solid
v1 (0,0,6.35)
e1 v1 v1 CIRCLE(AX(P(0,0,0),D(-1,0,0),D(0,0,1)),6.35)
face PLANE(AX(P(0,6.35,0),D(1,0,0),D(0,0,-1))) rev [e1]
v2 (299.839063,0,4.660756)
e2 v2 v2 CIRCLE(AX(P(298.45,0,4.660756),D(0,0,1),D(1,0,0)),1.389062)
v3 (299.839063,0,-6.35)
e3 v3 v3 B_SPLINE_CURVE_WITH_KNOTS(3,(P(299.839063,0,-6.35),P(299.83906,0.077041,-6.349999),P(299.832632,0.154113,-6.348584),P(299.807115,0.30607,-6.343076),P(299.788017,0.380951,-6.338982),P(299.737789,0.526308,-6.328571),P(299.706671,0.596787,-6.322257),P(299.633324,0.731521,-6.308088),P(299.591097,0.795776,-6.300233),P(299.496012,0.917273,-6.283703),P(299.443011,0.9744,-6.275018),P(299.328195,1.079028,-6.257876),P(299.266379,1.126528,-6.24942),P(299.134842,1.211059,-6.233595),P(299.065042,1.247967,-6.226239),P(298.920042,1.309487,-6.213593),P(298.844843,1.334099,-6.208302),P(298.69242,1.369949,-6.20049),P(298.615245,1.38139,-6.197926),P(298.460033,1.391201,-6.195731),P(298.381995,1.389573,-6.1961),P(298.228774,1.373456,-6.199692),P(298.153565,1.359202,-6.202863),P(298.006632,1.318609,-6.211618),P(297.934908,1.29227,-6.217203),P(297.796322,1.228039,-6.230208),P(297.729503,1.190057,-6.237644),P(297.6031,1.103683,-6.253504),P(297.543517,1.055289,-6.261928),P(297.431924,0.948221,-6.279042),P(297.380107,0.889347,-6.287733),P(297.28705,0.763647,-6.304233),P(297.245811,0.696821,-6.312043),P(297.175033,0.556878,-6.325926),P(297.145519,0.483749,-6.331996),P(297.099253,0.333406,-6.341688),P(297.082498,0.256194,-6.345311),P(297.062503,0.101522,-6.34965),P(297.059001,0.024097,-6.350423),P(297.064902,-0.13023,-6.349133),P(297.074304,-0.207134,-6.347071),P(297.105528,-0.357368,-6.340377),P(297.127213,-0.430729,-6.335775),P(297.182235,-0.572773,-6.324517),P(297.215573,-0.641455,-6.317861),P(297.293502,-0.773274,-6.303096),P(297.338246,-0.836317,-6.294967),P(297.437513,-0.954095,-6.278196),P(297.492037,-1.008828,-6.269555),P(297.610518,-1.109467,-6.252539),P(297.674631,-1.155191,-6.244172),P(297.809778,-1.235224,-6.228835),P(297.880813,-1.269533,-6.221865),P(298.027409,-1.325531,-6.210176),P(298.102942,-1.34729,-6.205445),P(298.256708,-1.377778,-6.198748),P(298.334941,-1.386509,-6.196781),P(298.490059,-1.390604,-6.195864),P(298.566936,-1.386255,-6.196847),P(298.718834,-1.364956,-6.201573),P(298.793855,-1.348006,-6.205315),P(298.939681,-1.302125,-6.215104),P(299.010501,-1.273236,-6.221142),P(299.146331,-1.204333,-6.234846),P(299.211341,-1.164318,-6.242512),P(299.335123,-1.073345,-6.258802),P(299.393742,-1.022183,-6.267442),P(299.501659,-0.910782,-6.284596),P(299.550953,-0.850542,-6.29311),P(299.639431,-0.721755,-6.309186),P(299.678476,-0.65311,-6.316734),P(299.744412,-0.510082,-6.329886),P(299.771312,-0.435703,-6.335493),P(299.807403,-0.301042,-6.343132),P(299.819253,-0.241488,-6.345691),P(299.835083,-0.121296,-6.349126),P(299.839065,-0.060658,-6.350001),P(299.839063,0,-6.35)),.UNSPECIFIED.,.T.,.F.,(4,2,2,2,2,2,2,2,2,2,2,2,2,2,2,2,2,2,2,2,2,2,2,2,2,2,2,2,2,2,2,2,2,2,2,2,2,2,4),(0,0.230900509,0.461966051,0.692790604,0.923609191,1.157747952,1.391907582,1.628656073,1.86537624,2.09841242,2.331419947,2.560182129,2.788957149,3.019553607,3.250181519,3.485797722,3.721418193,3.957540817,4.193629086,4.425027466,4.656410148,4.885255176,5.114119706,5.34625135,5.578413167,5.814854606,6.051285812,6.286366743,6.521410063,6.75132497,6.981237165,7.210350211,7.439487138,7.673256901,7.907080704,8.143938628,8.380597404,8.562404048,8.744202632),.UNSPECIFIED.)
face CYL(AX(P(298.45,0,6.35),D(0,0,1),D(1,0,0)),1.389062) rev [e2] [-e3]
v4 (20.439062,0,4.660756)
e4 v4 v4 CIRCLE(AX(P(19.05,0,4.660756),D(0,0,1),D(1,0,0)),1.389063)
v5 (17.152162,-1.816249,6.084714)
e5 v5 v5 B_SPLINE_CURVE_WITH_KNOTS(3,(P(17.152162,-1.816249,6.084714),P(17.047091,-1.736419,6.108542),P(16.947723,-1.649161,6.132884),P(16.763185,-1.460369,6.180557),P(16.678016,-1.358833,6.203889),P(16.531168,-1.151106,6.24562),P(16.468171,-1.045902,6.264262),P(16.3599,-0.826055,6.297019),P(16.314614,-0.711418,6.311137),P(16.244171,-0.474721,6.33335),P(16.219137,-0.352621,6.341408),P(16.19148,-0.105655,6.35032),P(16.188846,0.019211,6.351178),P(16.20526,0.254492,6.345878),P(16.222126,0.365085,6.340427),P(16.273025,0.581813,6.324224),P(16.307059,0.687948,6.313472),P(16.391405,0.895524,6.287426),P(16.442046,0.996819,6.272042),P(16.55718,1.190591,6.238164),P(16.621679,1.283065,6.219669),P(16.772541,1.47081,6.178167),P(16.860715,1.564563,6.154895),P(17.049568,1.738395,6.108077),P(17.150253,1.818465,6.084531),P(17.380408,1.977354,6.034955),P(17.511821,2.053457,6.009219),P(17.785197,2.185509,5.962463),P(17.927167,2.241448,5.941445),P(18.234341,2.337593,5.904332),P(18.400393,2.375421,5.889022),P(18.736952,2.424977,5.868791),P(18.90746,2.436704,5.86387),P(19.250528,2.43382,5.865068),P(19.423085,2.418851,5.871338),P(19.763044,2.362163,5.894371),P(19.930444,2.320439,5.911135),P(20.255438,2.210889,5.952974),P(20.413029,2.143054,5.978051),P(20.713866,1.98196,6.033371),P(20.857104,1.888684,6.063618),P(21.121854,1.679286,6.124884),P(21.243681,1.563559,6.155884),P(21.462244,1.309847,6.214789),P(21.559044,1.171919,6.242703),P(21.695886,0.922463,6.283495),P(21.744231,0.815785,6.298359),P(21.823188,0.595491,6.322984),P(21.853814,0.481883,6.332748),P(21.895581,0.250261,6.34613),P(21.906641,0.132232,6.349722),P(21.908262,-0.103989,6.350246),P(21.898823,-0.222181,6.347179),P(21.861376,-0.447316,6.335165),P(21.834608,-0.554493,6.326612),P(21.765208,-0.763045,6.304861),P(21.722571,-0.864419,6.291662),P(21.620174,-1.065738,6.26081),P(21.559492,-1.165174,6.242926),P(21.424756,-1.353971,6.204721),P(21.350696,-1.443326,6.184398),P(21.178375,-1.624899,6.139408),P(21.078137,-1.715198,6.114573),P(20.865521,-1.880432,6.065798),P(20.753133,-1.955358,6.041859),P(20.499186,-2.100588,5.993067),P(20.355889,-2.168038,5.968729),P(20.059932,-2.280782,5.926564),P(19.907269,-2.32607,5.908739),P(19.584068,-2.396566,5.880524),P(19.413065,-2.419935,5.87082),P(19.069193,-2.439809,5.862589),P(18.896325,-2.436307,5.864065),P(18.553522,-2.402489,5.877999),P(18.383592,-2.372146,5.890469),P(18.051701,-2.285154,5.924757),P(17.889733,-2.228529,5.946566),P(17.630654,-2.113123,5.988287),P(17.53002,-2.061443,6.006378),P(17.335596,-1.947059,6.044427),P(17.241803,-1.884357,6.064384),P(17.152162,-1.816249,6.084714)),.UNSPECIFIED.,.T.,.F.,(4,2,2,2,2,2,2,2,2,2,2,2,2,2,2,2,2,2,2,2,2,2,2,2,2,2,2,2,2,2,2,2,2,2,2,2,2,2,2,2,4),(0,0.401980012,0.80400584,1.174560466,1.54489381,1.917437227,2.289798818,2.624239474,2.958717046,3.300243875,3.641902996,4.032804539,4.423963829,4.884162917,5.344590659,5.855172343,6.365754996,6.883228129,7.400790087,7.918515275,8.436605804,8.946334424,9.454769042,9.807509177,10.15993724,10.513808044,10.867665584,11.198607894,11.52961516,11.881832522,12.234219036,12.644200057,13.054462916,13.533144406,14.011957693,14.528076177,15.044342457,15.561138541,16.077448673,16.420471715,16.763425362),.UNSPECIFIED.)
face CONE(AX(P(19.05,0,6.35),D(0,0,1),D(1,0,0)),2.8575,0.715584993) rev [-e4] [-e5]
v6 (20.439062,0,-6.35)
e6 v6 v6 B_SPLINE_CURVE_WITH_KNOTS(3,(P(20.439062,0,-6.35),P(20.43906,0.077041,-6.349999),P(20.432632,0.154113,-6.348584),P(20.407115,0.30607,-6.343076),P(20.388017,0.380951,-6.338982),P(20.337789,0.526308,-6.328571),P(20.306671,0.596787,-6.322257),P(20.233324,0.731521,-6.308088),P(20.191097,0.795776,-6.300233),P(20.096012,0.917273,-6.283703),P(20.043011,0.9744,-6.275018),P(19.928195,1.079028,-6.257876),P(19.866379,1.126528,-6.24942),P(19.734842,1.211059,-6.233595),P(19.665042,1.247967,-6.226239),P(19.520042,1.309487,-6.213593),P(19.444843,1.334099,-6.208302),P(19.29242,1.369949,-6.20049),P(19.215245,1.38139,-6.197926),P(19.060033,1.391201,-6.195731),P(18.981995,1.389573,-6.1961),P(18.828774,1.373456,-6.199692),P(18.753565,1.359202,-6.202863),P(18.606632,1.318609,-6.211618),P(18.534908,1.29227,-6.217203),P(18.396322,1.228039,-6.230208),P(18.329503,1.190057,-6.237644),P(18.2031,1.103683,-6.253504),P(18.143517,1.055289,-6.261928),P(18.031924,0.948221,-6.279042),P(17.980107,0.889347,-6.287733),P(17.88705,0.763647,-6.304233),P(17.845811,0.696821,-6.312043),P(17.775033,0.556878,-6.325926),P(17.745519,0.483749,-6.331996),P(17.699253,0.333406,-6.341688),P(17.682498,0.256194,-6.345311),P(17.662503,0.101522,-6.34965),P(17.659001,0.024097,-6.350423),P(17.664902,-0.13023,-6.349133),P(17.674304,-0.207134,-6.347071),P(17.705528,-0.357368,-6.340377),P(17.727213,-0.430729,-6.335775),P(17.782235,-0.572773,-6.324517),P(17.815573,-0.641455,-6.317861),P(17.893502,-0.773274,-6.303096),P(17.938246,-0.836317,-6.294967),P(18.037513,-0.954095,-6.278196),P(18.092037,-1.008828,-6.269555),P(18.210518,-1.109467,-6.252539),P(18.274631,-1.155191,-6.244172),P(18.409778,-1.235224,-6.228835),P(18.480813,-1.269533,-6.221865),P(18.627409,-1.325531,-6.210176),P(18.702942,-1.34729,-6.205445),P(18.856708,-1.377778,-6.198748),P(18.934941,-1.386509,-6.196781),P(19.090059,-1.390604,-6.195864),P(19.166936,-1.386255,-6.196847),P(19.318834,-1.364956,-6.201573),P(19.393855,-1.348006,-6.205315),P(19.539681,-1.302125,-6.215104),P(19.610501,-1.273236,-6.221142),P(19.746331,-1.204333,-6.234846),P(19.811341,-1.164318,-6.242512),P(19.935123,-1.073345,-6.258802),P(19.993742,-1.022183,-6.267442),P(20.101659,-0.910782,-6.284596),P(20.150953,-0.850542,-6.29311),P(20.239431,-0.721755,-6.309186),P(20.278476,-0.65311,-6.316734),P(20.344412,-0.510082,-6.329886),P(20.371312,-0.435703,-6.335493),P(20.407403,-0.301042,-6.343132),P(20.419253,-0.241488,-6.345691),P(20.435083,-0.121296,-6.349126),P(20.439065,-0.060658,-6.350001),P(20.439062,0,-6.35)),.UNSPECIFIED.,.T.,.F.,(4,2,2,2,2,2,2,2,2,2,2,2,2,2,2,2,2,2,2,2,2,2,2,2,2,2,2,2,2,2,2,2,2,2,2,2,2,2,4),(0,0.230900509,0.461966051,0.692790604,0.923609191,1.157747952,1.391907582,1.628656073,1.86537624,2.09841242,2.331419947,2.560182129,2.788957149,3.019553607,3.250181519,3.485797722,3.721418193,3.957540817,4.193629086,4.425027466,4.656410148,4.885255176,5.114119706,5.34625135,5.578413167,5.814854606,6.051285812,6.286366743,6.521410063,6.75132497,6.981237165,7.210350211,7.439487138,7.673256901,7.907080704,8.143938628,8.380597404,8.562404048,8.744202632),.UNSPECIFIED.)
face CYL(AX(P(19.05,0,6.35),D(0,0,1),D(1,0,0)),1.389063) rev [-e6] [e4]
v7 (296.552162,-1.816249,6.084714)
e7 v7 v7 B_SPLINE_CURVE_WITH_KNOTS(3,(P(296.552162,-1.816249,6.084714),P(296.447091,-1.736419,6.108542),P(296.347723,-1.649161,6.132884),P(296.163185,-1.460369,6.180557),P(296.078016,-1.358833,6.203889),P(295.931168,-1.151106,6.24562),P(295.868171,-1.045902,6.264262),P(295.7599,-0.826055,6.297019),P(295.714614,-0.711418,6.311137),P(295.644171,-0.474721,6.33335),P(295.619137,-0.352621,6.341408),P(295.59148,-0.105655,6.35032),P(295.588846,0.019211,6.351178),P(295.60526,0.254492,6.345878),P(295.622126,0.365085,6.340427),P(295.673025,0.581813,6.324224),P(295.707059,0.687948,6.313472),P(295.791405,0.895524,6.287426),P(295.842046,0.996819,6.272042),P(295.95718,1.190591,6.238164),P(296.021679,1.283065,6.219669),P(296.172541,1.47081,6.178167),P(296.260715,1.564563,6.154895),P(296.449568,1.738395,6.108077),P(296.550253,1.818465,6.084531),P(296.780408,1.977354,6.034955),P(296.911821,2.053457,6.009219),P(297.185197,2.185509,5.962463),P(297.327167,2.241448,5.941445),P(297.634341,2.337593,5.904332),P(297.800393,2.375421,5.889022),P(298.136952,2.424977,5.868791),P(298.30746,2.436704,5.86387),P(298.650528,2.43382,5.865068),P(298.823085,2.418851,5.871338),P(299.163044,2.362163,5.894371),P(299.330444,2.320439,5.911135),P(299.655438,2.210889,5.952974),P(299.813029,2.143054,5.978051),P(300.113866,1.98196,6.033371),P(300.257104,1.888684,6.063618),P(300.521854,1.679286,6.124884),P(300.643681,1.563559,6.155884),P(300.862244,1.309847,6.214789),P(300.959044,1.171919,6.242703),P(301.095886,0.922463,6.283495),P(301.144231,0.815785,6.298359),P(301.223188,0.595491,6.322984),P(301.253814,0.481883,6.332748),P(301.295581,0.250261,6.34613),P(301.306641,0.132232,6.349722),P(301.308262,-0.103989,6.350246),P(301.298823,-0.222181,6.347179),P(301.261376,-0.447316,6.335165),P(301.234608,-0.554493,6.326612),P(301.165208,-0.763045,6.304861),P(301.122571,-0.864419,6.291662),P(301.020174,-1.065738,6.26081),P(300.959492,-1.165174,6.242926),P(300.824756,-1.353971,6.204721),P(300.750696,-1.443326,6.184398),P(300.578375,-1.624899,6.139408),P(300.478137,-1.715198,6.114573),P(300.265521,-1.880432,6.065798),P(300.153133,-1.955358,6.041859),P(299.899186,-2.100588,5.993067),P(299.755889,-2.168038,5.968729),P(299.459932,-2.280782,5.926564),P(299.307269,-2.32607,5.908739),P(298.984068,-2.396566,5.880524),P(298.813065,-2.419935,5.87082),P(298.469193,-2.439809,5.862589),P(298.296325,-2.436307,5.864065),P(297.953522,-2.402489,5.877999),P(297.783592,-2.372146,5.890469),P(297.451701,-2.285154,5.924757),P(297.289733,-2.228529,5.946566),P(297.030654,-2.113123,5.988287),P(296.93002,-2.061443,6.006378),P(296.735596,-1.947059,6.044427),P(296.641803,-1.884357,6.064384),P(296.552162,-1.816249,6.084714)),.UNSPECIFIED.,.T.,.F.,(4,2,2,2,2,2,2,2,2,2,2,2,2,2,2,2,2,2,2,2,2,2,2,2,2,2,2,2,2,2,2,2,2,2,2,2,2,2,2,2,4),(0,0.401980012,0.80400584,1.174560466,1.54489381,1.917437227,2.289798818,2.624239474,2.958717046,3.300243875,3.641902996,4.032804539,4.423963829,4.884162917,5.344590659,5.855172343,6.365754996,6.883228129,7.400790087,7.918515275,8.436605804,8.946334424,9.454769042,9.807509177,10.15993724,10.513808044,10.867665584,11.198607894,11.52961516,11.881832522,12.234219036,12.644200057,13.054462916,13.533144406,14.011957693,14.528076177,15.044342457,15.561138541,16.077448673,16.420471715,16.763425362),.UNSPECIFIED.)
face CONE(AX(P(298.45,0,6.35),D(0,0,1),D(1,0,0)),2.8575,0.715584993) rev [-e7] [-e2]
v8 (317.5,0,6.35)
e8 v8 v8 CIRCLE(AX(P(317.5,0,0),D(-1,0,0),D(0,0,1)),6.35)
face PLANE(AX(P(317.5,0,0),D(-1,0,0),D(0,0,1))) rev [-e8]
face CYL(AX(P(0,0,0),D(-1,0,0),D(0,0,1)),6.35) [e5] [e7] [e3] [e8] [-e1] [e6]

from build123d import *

# Parameters (mm, degrees)
SKETCH1_W                                         = 317.5
SKETCH1_H                                         = 6.35
CSK_FOR_4_FLAT_HEAD_MACHINE_SCREW_100_D           = 2.778125
CSK_FOR_4_FLAT_HEAD_MACHINE_SCREW_100_CSINK_D     = 5.715
CSK_FOR_4_FLAT_HEAD_MACHINE_SCREW_100_CSINK_ANGLE = 82


with BuildPart() as part:
    # Sketch1 → Revolve1 (revolve)
    with BuildSketch(Plane.XY):
        with Locations((158.75, 3.175)):
            Rectangle(SKETCH1_W, SKETCH1_H)
    revolve(axis=Axis((0, 0, 0), (1, 0, 0)))

    # CSK for #4 Flat Head Machine Screw (100)1 (through all)
    with Locations(Plane.XY.offset(6.35)):
        with Locations((19.05, 0), (298.45, 0)):
            CounterSinkHole(CSK_FOR_4_FLAT_HEAD_MACHINE_SCREW_100_D / 2, CSK_FOR_4_FLAT_HEAD_MACHINE_SCREW_100_CSINK_D / 2, counter_sink_angle=CSK_FOR_4_FLAT_HEAD_MACHINE_SCREW_100_CSINK_ANGLE)


solid = part.part
